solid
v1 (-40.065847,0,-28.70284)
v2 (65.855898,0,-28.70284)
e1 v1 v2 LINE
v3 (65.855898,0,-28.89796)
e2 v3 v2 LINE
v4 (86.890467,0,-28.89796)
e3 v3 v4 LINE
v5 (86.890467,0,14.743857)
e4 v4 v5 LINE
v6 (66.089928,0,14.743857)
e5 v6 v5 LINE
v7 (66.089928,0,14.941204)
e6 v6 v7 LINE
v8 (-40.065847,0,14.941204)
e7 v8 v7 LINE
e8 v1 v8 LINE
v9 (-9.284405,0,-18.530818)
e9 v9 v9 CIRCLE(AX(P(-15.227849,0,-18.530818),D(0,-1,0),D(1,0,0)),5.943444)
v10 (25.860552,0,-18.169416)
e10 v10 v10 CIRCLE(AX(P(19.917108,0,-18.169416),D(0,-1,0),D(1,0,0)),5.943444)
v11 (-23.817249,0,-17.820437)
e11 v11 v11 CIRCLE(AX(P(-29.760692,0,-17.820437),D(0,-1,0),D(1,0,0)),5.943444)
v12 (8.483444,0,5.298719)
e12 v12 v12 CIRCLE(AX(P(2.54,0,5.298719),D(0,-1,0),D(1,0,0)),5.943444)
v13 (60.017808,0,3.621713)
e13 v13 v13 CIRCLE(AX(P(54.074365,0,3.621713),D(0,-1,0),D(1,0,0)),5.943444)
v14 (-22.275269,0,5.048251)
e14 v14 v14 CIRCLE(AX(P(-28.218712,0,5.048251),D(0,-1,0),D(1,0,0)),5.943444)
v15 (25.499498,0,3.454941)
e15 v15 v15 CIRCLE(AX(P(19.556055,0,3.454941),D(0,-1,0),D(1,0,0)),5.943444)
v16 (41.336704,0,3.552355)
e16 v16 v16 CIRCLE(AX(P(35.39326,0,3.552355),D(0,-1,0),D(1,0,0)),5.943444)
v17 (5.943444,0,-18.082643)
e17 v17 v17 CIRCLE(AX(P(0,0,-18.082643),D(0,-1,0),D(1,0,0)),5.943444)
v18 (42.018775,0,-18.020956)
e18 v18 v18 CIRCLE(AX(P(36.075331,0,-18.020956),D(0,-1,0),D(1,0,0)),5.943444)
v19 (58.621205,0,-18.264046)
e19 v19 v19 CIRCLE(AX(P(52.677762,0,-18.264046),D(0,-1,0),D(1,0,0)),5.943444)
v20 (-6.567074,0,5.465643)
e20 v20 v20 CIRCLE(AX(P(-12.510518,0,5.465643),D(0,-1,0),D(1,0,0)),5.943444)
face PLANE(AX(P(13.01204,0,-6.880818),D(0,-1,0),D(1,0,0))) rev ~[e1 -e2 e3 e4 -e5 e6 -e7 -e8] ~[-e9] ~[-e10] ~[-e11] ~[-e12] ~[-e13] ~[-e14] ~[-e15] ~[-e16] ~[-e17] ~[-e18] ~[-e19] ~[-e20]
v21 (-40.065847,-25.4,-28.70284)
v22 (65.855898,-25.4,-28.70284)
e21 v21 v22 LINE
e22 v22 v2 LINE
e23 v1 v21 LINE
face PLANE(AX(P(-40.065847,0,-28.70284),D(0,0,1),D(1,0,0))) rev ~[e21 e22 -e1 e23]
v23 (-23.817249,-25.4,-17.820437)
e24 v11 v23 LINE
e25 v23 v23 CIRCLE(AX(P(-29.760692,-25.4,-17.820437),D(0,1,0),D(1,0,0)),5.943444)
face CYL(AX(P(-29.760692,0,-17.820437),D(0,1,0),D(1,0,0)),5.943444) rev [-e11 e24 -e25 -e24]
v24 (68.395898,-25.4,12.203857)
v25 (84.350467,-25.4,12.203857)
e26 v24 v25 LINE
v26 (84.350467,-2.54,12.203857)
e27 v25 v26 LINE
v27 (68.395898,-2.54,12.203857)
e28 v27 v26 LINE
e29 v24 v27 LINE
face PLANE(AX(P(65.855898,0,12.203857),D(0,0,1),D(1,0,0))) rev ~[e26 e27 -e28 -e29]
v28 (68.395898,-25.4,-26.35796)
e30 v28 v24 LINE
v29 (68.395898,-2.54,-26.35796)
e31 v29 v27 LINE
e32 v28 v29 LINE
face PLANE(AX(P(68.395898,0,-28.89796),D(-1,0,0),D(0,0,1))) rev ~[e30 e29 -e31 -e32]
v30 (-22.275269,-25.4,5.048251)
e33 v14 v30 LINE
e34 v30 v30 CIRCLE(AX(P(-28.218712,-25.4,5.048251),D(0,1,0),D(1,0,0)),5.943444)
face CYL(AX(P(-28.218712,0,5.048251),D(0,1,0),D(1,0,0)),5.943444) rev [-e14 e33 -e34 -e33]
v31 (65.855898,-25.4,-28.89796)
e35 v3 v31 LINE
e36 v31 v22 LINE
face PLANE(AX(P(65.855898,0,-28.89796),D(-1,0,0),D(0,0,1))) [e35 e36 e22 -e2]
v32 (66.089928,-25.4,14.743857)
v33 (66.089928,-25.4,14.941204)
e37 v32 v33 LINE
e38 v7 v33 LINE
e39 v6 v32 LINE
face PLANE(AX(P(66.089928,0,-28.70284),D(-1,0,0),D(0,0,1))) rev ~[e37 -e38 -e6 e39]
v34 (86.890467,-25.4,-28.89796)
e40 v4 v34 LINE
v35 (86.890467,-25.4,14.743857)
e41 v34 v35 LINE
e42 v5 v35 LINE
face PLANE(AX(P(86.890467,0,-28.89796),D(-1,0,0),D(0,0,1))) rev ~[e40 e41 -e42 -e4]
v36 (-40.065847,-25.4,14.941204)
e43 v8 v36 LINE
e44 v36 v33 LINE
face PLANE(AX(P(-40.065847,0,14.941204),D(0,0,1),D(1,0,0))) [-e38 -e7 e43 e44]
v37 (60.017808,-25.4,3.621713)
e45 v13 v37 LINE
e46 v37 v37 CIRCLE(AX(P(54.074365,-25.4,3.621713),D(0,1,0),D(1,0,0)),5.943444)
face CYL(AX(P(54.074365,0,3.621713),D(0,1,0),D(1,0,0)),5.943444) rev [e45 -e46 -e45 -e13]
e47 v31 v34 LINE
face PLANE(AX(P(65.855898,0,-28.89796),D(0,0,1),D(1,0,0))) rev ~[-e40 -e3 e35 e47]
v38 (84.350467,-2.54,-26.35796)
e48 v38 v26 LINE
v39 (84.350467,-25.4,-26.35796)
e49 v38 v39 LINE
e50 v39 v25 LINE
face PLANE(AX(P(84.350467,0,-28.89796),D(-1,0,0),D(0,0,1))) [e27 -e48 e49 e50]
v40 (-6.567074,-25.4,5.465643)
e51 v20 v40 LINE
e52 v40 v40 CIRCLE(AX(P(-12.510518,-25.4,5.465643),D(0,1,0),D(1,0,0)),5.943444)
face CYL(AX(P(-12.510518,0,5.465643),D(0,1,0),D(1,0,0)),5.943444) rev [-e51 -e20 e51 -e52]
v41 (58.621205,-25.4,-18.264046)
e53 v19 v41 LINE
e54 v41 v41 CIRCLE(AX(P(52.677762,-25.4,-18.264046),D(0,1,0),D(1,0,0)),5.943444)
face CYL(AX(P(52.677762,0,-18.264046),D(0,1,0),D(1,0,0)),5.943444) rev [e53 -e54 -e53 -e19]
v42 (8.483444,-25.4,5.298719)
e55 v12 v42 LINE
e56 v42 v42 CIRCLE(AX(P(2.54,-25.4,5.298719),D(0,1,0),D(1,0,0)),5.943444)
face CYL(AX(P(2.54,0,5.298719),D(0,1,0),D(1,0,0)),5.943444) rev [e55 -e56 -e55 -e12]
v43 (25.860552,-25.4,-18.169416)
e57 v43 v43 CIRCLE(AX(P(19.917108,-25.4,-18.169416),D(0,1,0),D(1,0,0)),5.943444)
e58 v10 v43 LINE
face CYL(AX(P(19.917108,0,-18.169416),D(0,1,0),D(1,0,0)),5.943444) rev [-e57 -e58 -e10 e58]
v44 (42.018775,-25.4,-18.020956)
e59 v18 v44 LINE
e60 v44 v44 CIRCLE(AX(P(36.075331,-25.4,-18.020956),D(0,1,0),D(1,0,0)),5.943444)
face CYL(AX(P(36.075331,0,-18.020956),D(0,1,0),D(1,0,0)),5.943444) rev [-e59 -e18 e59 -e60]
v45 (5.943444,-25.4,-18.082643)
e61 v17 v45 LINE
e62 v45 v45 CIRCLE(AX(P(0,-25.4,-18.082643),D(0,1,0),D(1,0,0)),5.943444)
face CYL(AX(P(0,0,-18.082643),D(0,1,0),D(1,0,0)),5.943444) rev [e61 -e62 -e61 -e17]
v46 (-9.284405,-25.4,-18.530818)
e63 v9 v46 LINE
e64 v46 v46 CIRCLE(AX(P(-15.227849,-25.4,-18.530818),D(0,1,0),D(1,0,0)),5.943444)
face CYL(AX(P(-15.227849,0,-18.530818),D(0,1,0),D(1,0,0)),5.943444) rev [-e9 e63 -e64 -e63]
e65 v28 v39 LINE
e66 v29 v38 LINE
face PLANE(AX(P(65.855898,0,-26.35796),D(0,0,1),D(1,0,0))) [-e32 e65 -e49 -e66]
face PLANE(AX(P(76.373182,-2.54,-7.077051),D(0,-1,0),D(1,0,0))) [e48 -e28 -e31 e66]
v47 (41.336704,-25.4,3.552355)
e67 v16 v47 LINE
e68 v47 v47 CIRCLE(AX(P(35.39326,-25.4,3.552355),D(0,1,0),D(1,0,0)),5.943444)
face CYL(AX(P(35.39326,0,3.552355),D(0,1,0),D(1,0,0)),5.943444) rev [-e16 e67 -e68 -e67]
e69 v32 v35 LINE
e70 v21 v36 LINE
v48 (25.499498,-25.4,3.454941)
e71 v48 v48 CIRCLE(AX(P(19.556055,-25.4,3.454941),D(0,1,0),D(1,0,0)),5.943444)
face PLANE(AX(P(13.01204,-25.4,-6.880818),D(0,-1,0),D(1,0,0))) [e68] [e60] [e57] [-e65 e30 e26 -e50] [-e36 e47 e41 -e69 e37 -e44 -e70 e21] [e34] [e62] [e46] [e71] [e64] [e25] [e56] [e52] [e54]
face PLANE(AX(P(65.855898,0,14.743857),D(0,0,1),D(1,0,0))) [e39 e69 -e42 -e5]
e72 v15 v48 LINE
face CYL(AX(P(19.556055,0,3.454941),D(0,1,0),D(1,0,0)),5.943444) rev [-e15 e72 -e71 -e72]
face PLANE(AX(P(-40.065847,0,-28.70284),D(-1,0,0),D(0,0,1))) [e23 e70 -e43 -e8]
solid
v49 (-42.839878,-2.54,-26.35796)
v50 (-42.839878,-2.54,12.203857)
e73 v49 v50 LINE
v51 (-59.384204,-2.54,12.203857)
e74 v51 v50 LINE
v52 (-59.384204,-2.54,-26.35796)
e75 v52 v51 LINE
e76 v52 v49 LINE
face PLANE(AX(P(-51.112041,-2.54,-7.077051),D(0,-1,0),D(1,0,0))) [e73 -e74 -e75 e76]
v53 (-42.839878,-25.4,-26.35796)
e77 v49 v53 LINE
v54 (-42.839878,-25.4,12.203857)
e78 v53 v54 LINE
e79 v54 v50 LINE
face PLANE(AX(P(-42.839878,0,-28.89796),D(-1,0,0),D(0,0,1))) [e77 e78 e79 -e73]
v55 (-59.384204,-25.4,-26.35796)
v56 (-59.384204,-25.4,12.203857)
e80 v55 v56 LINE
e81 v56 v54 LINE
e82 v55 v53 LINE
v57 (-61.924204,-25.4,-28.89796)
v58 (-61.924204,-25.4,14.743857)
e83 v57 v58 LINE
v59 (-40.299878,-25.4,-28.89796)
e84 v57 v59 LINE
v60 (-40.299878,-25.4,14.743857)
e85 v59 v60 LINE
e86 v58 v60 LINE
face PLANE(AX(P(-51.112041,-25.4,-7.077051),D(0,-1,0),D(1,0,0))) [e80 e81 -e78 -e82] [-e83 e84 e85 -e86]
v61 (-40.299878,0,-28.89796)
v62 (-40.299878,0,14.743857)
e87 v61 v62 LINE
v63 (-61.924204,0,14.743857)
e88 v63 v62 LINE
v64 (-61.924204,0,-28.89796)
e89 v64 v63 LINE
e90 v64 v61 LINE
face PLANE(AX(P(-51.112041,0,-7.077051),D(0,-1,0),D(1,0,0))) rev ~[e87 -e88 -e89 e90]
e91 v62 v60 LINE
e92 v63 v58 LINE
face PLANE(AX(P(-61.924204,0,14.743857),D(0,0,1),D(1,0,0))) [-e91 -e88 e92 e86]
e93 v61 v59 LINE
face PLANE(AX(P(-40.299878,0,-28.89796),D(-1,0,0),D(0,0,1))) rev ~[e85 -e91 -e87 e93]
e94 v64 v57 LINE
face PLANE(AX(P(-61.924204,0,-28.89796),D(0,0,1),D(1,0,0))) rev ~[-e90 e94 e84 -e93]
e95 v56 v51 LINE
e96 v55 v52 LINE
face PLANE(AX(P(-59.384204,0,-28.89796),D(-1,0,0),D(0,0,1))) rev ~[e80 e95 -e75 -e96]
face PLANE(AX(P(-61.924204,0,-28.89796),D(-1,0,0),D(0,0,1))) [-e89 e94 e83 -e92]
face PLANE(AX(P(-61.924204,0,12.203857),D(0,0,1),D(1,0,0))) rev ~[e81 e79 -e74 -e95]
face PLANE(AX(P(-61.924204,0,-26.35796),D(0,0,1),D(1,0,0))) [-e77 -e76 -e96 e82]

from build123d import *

# Parameters (mm, degrees)
F0_W     = 21.6243267059
F0_H     = 43.6418168247
F1_DEPTH = 25.4
F0_W_2   = 21.0345685482
F2_T     = -2.54
F2_2_T   = -2.54
F3_W     = 106.1557754874
F3_H     = 43.6440445483
F4_DEPTH = 25.4
F5_R     = 5.9434435219
F6_DEPTH = 75.184


with BuildPart() as f1:
    # F0 (on Front) → F1 (new body)
    with BuildSketch(Plane.XZ):
        with Locations((-51.1120408773, -7.0770513266)):
            Rectangle(F0_W, F0_H)
    extrude(amount=F1_DEPTH)

    # F2#2
    f2_2_openings = [f1.faces().sort_by_distance(p)[0] for p in [
        (-51.112041, -25.4, -7.077051),
    ]]
    offset(amount=F2_2_T, openings=f2_2_openings)


with BuildPart() as f1b:
    # F0 (on Front) → F1, piece 2 (new body)
    with BuildSketch(Plane.XZ):
        with Locations((76.3731822371, -7.0770513266)):
            Rectangle(F0_W_2, F0_H)
    extrude(amount=F1_DEPTH)

    # F2
    f2_openings = [f1b.faces().sort_by_distance(p)[0] for p in [
        (76.373182, -25.4, -7.077051),
    ]]
    offset(amount=F2_T, openings=f2_openings)

    # F3 (on Front) → F4 (join)
    with BuildSketch(Plane.XZ):
        with Locations((13.0120404065, -6.8808179349)):
            Rectangle(F3_W, F3_H)
    extrude(amount=F4_DEPTH)

    # F5 (on Front) → F6 (cut)
    with BuildSketch(Plane.XZ):
        with Locations((-29.7606922686, -17.8204365075)):
            Circle(F5_R)
        with Locations((-15.2278486639, -18.5308177024)):
            Circle(F5_R)
        with Locations((0, -18.0826429278)):
            Circle(F5_R)
        with Locations((19.9171081185, -18.1694161147)):
            Circle(F5_R)
        with Locations((36.0753312707, -18.0209558457)):
            Circle(F5_R)
        with Locations((52.6777617633, -18.2640459388)):
            Circle(F5_R)
        with Locations((54.0743649769, 3.6217127527)):
            Circle(F5_R)
        with Locations((35.3932604194, 3.5523551051)):
            Circle(F5_R)
        with Locations((19.5560548455, 3.4549408592)):
            Circle(F5_R)
        with Locations((2.5400002487, 5.2987192757)):
            Circle(F5_R)
        with Locations((-12.5105176121, 5.4656430148)):
            Circle(F5_R)
        with Locations((-28.2187122126, 5.0482510096)):
            Circle(F5_R)
    extrude(amount=F6_DEPTH, mode=Mode.SUBTRACT)


solid = Compound([f1.part, f1b.part])
